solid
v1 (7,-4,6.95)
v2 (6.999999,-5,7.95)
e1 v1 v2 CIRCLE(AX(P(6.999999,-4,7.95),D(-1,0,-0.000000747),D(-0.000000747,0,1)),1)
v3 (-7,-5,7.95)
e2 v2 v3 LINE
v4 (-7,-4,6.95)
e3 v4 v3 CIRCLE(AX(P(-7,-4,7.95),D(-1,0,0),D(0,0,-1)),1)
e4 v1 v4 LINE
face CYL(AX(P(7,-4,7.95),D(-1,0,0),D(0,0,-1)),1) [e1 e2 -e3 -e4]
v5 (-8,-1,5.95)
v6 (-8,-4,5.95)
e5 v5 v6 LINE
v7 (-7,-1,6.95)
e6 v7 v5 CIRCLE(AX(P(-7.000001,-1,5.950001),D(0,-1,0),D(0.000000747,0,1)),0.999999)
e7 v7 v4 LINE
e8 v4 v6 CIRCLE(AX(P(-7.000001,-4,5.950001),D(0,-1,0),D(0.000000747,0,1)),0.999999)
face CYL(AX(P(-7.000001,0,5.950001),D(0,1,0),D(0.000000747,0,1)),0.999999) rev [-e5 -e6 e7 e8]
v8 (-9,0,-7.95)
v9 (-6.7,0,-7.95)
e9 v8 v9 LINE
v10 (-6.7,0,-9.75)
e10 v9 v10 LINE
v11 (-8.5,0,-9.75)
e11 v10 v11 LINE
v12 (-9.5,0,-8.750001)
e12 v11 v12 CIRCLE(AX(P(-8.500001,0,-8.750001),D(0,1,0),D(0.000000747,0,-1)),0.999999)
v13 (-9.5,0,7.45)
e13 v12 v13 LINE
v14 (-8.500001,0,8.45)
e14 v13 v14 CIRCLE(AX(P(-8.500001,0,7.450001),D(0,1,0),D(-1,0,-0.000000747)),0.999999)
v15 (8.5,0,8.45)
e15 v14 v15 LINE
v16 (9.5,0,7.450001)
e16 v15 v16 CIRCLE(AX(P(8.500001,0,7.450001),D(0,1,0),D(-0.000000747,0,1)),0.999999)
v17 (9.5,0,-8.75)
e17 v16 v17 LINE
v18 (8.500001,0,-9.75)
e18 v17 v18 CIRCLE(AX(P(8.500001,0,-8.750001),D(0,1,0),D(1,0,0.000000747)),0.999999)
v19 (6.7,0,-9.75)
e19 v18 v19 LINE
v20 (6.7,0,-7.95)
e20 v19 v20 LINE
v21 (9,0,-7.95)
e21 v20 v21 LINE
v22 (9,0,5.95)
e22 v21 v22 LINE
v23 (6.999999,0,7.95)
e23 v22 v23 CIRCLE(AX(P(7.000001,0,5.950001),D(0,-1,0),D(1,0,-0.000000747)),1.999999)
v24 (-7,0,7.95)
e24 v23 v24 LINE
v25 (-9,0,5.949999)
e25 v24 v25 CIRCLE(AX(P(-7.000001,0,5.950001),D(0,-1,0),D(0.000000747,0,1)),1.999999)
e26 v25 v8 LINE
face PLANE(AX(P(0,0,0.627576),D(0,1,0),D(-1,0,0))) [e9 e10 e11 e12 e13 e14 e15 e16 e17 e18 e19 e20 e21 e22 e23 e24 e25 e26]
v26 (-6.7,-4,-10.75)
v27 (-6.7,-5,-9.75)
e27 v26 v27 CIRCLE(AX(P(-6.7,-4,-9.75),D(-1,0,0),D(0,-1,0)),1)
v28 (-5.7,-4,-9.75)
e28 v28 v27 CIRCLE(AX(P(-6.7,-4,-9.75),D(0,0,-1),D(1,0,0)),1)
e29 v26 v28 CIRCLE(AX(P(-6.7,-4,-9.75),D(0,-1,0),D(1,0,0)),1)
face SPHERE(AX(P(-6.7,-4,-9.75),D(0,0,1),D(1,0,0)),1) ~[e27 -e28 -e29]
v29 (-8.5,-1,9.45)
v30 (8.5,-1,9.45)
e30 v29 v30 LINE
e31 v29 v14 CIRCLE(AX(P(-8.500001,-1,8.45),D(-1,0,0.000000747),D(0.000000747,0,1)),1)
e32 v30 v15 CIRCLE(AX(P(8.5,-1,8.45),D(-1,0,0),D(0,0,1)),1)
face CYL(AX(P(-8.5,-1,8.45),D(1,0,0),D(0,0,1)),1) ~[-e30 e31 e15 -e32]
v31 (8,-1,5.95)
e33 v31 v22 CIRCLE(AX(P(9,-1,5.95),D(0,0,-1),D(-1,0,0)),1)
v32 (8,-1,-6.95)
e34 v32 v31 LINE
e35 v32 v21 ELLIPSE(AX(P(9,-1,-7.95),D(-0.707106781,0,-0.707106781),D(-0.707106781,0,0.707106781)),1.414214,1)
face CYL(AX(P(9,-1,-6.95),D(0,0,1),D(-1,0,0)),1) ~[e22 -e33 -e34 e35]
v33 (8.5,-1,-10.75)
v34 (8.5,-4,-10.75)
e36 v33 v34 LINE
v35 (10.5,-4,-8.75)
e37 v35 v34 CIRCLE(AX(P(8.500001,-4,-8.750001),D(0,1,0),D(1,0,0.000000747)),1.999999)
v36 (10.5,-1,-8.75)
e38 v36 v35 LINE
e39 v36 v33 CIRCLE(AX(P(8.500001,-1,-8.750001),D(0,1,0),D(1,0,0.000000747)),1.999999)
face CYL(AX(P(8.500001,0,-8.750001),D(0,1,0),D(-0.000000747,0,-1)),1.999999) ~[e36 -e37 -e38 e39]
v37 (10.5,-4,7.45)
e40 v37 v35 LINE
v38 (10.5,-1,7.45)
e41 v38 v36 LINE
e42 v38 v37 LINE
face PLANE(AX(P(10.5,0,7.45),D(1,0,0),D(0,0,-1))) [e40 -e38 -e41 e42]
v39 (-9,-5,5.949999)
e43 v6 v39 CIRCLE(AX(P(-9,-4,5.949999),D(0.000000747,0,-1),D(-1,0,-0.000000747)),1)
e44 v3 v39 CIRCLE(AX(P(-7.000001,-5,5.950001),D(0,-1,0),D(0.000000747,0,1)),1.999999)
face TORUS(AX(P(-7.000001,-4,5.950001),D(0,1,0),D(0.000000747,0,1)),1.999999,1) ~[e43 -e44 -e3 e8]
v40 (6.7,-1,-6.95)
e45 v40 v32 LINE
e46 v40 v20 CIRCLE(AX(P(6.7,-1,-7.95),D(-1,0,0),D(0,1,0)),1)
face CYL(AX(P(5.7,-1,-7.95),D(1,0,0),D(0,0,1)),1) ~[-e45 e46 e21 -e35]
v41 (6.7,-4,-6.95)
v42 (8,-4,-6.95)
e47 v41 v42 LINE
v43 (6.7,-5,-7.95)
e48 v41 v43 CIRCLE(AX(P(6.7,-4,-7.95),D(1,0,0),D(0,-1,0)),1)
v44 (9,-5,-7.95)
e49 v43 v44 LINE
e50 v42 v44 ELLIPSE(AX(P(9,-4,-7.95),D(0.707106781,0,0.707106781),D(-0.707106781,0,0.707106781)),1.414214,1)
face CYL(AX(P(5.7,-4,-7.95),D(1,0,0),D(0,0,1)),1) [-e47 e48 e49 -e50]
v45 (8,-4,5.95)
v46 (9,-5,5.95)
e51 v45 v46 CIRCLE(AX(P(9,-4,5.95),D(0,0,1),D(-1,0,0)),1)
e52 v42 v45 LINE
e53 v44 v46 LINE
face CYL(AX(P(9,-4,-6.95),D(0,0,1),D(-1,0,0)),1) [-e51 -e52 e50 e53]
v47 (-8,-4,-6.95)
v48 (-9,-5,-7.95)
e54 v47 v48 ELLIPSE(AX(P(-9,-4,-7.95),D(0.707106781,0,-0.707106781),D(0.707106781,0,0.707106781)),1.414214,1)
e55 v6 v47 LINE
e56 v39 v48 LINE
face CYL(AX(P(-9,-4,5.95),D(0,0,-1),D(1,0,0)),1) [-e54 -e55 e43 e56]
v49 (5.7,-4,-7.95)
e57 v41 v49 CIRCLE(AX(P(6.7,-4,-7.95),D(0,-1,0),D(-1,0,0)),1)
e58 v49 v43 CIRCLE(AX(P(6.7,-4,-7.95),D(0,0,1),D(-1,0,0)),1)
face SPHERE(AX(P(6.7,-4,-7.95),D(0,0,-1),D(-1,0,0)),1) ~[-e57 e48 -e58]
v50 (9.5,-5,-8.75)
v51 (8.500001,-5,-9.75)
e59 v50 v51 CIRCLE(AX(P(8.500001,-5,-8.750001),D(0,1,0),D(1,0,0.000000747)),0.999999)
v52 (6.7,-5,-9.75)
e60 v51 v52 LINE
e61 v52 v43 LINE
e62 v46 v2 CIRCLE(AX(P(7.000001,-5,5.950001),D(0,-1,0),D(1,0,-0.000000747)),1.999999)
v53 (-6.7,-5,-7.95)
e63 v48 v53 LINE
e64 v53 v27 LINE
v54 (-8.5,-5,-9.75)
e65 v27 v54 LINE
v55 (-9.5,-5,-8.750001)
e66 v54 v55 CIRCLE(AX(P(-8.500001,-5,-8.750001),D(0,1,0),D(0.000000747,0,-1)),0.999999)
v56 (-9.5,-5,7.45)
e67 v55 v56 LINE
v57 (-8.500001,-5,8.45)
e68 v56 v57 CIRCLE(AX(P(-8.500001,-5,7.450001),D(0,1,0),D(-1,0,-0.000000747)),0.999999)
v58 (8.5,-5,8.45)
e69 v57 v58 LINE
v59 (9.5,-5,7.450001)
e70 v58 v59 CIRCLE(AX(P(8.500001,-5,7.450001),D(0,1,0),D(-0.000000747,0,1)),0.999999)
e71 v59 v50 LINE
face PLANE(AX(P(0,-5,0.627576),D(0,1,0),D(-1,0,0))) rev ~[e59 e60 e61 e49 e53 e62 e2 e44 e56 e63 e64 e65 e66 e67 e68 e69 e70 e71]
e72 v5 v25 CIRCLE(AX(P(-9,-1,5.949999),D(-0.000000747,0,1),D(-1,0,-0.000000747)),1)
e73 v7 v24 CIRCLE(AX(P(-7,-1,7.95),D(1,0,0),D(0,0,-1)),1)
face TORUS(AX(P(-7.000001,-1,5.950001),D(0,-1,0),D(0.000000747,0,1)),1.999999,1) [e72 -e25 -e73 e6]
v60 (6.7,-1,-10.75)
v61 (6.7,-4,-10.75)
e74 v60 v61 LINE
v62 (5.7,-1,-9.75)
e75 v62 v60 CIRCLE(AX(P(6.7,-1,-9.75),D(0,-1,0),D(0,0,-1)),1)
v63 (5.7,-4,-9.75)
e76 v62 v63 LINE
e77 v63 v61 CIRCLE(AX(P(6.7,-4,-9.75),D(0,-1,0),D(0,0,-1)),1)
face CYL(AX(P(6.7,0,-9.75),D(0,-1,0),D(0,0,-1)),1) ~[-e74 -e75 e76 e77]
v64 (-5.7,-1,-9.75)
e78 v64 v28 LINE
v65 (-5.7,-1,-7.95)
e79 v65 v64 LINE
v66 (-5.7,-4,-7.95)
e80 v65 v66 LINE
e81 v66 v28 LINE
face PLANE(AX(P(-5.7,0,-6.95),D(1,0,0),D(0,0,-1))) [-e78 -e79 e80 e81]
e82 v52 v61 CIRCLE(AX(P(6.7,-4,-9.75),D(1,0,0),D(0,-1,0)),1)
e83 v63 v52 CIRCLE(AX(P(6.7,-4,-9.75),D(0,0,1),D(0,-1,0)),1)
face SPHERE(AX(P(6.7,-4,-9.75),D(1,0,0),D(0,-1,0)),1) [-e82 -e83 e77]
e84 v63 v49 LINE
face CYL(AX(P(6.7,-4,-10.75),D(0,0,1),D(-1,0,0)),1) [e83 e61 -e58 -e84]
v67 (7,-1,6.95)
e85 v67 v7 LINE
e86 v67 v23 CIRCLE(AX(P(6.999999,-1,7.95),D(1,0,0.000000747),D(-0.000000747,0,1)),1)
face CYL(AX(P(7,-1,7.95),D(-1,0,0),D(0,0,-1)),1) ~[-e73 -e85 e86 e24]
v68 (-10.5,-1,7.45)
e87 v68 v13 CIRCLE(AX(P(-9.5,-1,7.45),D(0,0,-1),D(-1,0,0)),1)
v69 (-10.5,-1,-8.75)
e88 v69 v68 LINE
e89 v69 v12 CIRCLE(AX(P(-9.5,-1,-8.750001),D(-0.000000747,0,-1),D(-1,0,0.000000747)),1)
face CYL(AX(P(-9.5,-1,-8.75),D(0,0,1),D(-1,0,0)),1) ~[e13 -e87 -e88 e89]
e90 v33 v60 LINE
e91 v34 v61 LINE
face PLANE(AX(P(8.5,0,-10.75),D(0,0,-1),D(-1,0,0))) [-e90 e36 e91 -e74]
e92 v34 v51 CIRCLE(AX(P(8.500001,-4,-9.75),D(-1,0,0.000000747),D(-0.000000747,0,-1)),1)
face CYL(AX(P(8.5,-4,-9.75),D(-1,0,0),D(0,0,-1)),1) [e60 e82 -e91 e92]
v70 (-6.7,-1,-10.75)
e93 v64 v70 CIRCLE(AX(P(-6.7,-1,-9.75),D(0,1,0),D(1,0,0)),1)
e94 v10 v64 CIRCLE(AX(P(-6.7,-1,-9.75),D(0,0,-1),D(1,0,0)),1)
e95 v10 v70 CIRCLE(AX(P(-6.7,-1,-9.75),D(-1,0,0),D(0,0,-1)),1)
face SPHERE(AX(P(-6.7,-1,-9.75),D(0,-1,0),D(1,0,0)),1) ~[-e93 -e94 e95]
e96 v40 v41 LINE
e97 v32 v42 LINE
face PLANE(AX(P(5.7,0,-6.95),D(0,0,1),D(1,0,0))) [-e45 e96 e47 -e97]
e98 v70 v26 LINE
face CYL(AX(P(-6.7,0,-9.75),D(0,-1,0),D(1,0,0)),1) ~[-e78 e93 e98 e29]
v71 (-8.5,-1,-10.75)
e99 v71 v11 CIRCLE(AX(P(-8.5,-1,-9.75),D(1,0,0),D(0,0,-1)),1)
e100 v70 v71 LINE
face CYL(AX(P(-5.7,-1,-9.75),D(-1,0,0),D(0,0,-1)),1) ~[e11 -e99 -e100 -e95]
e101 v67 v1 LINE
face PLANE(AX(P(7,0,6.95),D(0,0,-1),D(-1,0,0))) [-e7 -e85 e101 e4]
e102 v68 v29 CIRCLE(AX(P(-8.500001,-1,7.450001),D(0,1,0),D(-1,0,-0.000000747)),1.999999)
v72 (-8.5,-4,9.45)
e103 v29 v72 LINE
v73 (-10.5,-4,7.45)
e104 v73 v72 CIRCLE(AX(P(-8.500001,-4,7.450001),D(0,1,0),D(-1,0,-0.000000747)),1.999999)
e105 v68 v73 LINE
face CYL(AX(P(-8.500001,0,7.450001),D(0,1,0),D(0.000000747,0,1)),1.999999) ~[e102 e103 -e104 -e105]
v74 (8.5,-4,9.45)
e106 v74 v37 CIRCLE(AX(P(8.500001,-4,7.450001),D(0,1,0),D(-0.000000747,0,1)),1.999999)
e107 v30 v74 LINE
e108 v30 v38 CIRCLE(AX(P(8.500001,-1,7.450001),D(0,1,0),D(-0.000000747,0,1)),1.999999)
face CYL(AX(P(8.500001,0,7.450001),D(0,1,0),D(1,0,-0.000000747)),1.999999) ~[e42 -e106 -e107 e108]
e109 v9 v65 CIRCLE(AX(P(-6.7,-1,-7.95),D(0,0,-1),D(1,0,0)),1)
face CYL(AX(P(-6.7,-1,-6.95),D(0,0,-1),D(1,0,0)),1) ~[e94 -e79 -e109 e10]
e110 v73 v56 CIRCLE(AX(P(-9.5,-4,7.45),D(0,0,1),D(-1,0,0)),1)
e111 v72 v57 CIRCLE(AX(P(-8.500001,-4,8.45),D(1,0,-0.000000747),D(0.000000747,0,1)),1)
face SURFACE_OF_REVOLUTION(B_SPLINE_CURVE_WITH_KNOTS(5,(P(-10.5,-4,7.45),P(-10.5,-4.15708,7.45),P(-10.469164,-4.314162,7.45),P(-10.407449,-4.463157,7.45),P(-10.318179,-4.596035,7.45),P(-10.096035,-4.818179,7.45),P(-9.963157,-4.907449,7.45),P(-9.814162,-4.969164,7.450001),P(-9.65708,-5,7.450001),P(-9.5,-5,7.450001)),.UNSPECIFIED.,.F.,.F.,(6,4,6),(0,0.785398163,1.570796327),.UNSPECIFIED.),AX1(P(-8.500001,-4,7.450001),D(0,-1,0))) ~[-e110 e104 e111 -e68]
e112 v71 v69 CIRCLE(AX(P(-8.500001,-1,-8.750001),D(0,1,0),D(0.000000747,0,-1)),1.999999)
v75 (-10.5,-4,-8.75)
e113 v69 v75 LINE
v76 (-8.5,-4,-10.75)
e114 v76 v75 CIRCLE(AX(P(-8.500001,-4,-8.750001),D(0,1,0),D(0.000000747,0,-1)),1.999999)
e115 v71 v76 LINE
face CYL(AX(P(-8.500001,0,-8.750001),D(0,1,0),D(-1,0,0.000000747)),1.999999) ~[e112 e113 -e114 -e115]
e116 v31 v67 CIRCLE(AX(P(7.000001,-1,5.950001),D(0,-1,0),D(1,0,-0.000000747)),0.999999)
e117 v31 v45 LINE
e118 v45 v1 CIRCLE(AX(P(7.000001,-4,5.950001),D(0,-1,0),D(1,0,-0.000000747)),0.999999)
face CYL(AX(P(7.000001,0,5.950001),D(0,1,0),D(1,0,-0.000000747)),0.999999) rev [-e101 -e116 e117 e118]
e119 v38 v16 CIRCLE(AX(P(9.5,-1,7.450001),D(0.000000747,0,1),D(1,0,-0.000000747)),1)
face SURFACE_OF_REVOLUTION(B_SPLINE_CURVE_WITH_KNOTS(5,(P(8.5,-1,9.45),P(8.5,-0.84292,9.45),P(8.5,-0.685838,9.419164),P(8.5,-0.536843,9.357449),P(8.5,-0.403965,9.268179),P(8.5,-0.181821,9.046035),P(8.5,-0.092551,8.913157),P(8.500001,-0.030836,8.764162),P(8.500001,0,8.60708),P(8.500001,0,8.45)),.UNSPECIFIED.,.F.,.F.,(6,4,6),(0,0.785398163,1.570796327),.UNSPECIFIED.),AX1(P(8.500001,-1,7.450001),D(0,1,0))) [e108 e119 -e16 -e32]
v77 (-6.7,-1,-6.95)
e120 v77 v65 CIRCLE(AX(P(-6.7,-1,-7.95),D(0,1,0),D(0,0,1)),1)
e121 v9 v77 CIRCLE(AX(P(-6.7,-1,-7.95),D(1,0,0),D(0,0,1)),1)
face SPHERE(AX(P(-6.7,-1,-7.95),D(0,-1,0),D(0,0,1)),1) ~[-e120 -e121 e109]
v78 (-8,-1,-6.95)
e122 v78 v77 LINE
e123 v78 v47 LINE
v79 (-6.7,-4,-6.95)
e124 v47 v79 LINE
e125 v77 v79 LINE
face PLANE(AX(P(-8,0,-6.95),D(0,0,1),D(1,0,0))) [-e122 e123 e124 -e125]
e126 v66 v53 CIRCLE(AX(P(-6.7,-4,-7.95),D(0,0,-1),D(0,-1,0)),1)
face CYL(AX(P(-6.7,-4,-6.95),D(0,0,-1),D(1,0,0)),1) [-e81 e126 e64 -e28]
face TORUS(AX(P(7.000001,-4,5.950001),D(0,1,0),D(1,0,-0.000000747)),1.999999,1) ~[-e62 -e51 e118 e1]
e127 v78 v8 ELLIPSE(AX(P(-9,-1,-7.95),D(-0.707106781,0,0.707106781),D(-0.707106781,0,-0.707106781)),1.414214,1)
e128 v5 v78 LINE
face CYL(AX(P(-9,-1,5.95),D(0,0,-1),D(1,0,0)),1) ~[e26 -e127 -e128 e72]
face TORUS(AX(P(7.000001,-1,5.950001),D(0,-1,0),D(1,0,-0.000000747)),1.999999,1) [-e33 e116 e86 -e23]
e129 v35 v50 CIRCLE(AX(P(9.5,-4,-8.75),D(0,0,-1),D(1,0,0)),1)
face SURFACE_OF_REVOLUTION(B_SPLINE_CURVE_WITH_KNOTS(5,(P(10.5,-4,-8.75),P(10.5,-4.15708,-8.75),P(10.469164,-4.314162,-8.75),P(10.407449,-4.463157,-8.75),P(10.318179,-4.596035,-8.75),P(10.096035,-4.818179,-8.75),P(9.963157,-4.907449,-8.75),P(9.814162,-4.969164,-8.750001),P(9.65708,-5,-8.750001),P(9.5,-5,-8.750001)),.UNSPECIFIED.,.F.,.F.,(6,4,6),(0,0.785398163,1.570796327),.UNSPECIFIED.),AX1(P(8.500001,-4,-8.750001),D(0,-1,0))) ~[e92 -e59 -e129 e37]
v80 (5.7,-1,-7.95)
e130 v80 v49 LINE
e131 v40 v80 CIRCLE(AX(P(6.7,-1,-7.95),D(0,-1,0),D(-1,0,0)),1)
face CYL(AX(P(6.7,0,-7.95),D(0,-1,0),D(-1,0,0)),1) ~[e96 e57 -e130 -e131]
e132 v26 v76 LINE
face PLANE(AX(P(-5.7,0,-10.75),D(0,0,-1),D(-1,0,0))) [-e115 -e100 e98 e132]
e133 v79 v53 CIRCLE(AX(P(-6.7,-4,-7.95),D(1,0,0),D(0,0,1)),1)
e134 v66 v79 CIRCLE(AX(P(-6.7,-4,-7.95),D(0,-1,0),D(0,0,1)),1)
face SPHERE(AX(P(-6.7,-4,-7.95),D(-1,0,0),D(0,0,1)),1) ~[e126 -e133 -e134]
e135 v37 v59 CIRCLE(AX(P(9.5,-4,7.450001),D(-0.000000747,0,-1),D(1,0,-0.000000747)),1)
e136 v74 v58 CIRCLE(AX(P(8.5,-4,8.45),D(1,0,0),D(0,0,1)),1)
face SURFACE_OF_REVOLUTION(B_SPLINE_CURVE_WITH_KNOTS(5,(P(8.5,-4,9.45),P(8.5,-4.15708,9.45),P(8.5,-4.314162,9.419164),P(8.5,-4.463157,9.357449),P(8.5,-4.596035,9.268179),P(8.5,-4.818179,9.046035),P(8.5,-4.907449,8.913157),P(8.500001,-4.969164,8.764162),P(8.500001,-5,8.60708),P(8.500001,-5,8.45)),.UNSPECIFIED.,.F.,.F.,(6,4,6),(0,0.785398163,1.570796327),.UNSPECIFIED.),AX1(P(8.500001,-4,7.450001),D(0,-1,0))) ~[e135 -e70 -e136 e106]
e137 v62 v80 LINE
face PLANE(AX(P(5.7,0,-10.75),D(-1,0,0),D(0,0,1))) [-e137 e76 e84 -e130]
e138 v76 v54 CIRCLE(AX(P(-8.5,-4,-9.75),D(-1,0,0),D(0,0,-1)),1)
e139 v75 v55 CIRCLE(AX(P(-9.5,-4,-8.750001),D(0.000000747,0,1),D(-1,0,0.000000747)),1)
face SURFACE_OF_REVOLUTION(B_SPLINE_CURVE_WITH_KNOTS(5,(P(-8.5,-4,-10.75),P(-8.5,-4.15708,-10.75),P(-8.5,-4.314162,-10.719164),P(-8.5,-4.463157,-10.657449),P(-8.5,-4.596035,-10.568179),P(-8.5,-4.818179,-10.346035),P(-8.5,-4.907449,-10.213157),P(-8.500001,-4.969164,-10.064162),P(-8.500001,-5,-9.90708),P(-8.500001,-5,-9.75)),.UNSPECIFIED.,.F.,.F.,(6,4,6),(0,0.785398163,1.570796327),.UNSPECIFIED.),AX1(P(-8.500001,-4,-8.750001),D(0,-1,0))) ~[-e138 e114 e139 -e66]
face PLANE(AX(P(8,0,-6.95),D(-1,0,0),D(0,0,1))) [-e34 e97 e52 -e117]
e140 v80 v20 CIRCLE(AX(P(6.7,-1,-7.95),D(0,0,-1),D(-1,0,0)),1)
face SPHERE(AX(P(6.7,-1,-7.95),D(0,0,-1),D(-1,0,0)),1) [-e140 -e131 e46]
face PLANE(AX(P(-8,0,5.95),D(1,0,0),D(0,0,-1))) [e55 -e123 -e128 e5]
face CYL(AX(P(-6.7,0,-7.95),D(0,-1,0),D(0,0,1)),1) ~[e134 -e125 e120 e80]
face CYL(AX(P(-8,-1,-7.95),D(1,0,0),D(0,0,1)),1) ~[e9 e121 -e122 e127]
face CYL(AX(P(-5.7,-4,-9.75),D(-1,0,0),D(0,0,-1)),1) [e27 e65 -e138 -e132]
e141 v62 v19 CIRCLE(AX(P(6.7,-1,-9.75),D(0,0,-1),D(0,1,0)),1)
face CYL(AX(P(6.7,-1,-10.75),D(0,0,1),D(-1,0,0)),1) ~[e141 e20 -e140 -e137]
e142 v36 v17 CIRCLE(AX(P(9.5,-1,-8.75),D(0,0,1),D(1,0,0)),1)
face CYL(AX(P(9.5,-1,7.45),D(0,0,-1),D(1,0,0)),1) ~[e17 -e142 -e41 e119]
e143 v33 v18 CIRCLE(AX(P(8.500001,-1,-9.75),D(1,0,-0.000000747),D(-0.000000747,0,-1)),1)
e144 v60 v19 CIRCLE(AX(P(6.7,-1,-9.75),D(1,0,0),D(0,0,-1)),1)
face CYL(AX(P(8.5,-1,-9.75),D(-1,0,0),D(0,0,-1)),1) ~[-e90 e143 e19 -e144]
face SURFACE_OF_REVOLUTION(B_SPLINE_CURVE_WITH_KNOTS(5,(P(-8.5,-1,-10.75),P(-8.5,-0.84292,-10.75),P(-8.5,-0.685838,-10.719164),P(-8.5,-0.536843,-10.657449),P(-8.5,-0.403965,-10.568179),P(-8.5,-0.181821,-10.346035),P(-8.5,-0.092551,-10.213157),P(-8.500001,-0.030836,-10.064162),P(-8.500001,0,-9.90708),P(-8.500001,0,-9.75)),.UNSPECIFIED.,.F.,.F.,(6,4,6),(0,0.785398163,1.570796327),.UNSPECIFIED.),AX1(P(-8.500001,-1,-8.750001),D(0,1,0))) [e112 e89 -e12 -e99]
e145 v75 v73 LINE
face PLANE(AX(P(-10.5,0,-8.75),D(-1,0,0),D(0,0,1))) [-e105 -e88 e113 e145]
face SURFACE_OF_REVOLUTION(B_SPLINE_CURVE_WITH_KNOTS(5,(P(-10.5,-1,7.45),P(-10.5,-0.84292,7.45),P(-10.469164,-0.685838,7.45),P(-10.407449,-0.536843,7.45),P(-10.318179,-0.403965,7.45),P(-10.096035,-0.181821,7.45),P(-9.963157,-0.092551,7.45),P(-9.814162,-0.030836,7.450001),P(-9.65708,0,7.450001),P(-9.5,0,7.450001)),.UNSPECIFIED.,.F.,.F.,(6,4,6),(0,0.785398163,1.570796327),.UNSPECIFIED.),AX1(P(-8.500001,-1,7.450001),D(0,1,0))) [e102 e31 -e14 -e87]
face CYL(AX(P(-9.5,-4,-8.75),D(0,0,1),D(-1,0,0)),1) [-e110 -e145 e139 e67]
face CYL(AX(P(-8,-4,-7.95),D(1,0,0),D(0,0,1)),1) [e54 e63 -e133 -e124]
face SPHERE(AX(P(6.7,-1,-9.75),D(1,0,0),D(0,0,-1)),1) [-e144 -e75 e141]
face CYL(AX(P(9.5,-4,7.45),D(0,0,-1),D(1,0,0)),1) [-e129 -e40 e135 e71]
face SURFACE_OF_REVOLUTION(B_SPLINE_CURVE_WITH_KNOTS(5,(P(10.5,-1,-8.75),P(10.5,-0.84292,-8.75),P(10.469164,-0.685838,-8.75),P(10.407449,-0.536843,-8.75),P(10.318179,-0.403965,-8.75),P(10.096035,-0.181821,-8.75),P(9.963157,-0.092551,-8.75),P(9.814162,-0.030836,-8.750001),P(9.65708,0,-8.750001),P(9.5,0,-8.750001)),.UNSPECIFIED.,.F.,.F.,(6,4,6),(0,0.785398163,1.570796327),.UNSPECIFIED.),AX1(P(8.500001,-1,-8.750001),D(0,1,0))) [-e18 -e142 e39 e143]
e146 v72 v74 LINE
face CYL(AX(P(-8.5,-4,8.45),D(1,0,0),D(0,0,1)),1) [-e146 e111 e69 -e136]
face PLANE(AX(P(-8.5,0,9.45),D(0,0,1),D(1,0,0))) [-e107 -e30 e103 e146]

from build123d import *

# Parameters (mm, degrees)
PAD_DEPTH = 5
FILLET_R  = 1


with BuildPart() as part:
    # Sketch → Pad (new body)
    with BuildSketch(Plane.XZ):
        with BuildLine():
            Line((-8, 5.95), (-8, -6.95))
            Line((-8, -6.95), (-5.7, -6.95))
            Line((-5.7, -6.95), (-5.7, -10.75))
            Line((-5.7, -10.75), (-8.5, -10.75))
            ThreePointArc((-10.5, -8.75), (-9.914214, -10.164214), (-8.5, -10.75))
            Line((-10.5, -8.75), (-10.5, 7.45))
            ThreePointArc((-8.5, 9.45), (-9.914214, 8.864214), (-10.5, 7.45))
            Line((-8.5, 9.45), (8.5, 9.45))
            ThreePointArc((10.5, 7.45), (9.914214, 8.864214), (8.5, 9.45))
            Line((10.5, 7.45), (10.5, -8.75))
            ThreePointArc((8.5, -10.75), (9.914214, -10.164214), (10.5, -8.75))
            Line((8.5, -10.75), (5.7, -10.75))
            Line((5.7, -10.75), (5.7, -6.95))
            Line((5.7, -6.95), (8, -6.95))
            Line((8, -6.95), (8, 5.95))
            ThreePointArc((8, 5.95), (7.707107, 6.657107), (7, 6.95))
            Line((7, 6.95), (-7, 6.95))
            ThreePointArc((-7, 6.95), (-7.707107, 6.657107), (-8, 5.95))
        make_face()
    extrude(amount=PAD_DEPTH)

    # Fillet
    fillet_edges = [part.edges().sort_by_distance(p)[0] for p in [
        (-6.85, -5, -6.95),
        (-8, -5, -0.5),
        (-5.7, -2.5, -6.95),
        (-5.7, -5, -8.85),
        (-5.7, -2.5, -10.75),
        (-10.5, -5, -0.65),
        (-8, 0, -0.5),
        (-6.85, 0, -6.95),
        (-5.7, 0, -8.85),
        (0, 0, 9.45),
        (5.7, -5, -8.85),
        (5.7, -2.5, -10.75),
        (5.7, 0, -8.85),
        (5.7, -2.5, -6.95),
        (6.85, -5, -6.95),
        (7.1, -5, -10.75),
        (10.5, -5, -0.65),
        (8, -5, -0.5),
        (8, 0, -0.5),
        (-10.5, 0, -0.65),
        (0, -5, 9.45),
        (10.5, 0, -0.65),
        (6.85, 0, -6.95),
    ]]
    fillet(fillet_edges, radius=FILLET_R)


solid = part.part
